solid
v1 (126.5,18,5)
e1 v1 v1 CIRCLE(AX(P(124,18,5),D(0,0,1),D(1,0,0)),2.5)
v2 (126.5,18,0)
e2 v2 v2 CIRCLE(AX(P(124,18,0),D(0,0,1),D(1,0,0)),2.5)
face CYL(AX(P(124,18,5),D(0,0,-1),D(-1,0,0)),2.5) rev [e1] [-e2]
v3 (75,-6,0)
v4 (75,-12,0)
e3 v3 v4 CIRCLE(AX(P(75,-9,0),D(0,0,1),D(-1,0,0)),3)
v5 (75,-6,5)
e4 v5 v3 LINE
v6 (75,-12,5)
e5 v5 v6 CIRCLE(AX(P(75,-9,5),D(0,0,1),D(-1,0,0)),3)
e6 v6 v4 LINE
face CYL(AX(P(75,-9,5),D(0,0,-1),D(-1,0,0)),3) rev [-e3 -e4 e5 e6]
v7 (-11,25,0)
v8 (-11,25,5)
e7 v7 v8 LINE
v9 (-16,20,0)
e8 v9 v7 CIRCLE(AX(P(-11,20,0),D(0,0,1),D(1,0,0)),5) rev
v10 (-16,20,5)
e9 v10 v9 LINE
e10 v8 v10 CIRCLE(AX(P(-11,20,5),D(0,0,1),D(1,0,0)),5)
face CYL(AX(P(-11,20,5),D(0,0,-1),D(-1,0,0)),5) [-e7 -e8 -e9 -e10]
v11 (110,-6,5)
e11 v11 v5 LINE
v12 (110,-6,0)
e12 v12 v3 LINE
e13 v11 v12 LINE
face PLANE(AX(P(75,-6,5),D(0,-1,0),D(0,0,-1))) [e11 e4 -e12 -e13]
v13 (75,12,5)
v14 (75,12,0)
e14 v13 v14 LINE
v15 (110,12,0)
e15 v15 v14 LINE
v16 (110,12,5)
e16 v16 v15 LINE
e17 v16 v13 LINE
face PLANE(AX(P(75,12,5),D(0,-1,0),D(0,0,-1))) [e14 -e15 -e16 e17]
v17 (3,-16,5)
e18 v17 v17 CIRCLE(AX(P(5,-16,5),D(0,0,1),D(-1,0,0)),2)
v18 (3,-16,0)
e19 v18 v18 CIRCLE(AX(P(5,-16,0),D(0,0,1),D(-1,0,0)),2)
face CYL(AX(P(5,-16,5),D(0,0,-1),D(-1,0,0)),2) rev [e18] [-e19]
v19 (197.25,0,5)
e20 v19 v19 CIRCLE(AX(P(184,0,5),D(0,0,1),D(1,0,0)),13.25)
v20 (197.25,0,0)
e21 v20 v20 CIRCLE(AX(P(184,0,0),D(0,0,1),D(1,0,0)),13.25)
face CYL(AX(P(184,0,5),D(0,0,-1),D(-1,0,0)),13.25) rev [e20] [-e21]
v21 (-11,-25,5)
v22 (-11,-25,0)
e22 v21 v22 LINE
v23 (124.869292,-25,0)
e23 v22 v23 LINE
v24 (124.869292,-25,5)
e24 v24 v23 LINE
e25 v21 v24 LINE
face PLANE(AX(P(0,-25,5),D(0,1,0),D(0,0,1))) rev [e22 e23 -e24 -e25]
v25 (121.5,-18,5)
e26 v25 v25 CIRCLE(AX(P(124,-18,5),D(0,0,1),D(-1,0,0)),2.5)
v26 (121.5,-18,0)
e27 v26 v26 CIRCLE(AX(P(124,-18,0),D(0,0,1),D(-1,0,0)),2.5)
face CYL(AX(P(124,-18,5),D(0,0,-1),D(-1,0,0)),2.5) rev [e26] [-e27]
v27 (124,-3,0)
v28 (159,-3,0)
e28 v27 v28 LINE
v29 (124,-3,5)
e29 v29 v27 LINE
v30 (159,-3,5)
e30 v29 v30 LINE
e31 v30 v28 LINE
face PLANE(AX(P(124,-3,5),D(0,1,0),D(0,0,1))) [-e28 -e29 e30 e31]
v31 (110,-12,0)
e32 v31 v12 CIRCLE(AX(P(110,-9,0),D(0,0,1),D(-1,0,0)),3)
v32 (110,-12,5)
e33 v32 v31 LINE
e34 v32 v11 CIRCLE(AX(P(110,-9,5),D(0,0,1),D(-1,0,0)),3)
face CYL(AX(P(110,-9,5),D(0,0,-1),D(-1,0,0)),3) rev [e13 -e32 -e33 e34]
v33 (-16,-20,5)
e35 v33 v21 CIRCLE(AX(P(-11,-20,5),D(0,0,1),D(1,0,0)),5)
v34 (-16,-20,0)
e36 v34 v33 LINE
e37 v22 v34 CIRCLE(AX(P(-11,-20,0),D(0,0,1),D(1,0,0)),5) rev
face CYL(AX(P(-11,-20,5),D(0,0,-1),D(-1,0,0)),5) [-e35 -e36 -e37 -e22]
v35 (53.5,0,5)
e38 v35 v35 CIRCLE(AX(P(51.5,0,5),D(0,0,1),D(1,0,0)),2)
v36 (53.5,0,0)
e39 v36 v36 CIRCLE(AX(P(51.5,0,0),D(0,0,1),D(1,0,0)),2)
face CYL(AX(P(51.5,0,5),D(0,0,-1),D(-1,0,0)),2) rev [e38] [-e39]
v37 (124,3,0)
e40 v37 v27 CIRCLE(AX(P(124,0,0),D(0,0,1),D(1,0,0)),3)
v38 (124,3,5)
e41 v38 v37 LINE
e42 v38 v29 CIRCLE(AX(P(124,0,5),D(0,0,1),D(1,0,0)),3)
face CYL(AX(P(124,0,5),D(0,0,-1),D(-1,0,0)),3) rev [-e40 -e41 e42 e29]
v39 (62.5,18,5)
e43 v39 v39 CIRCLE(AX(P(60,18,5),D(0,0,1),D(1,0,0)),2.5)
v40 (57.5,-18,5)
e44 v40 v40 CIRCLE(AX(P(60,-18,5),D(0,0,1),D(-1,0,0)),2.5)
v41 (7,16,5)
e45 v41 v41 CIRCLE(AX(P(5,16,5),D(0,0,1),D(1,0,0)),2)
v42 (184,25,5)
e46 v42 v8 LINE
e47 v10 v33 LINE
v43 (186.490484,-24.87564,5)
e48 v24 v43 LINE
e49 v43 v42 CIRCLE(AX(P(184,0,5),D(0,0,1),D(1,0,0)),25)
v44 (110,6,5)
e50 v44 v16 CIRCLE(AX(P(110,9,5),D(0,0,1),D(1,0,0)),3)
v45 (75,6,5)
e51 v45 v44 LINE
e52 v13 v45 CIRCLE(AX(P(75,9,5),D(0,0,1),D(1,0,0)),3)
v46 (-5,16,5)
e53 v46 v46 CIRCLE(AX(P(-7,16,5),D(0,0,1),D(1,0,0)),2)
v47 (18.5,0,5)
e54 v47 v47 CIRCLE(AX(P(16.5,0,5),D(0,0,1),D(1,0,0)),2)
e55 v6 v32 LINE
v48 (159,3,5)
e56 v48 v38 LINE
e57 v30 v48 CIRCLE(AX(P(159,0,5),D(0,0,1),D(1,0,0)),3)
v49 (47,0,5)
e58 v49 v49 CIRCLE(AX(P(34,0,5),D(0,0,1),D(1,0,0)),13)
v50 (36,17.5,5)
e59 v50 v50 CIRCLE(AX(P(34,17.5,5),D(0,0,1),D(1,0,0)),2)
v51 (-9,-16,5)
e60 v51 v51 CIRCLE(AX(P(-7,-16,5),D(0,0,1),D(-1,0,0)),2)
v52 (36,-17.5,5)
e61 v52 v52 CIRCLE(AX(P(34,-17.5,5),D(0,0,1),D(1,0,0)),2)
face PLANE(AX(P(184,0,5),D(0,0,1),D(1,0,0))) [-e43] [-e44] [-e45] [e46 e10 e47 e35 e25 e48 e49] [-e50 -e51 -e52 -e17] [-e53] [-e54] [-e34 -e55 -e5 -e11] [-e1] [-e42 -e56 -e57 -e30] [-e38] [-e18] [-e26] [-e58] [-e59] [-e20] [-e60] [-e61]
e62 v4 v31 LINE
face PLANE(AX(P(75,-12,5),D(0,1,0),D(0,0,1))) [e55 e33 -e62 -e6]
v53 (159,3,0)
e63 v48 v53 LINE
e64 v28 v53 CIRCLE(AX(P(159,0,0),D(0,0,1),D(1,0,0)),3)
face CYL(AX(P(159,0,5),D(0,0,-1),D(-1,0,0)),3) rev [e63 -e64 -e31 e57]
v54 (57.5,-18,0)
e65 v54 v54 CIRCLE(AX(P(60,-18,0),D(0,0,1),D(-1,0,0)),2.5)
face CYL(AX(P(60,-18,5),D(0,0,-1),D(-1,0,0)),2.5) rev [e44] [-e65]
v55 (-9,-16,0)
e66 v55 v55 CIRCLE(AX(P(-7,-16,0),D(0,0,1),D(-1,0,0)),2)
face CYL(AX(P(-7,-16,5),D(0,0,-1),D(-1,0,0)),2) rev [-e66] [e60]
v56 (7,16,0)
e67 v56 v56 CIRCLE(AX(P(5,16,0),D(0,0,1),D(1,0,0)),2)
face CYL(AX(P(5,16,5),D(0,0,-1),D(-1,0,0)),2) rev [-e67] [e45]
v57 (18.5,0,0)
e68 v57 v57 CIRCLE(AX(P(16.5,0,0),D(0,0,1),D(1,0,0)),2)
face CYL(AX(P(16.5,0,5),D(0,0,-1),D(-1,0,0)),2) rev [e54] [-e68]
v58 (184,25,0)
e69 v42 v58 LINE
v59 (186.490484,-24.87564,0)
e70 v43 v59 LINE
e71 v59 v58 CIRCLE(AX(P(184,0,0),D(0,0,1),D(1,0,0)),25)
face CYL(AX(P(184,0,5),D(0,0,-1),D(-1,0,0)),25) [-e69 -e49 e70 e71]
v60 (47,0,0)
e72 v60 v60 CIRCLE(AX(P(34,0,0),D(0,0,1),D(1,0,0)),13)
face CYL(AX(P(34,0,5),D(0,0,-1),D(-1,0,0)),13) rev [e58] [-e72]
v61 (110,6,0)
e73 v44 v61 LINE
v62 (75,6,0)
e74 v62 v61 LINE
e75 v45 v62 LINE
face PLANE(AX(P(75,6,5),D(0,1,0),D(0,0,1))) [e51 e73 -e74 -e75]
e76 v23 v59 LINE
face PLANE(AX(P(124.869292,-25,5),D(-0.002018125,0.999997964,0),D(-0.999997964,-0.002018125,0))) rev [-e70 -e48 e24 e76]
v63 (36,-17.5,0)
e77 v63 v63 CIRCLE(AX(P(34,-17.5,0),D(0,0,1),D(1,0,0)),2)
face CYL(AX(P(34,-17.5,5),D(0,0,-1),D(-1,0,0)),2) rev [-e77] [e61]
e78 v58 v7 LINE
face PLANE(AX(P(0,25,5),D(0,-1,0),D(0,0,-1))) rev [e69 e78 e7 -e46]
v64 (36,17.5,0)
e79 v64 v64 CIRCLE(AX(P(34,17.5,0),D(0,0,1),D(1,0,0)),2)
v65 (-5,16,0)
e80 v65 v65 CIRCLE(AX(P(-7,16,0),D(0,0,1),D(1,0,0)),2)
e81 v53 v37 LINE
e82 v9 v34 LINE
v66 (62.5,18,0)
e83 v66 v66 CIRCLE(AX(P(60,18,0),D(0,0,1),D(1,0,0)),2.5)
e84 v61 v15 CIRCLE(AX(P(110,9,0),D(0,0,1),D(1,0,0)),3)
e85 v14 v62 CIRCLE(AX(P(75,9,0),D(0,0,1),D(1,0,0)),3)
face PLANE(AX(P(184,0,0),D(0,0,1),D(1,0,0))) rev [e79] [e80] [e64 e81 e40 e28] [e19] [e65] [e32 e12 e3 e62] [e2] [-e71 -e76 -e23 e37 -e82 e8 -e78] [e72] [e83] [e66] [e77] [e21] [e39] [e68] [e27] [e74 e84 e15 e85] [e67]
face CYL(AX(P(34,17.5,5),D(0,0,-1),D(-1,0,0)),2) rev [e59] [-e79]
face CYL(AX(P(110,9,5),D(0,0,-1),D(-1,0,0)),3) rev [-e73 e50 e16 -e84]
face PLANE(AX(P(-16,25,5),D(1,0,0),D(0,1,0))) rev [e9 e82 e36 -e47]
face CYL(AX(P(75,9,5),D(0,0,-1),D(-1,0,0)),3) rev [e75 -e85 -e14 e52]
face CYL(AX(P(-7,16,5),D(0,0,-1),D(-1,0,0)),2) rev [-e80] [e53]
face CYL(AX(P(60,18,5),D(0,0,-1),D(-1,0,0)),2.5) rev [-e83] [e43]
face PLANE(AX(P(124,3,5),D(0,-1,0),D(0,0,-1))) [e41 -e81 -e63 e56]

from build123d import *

# Parameters (mm, degrees)
SKETCH_1_R      = 13.25
SKETCH_1_R_2    = 2
SKETCH_1_R_3    = 2.5
SKETCH_1_R_4    = 13
EXTRUDE_1_DEPTH = 5
FILLET_1_R      = 5


with BuildPart() as part:
    # 草图1 → 凸台-拉伸1 (new body)
    with BuildSketch(Plane.XY):
        with BuildLine():
            Line((0, 25), (124.869292101, 25))
            Line((124.869292101, 25), (184, 25))
            ThreePointArc((184, 25), (208.968890762, 1.246793543), (186.490484142, -24.875640469))
            Line((186.490484142, -24.875640469), (124.869292101, -25))
            Line((124.869292101, -25), (0, -25))
            Line((0, -25), (-16, -25))
            Line((-16, -25), (-16, 25))
            Line((-16, 25), (0, 25))
        make_face()
        with Locations((184, 0)):
            Circle(SKETCH_1_R, mode=Mode.SUBTRACT)
        with Locations((5, 16)):
            Circle(SKETCH_1_R_2, mode=Mode.SUBTRACT)
        with Locations(Location((5, -16, 0), (0, 0, 180))):
            Circle(SKETCH_1_R_2, mode=Mode.SUBTRACT)
        with Locations((60, 18)):
            Circle(SKETCH_1_R_3, mode=Mode.SUBTRACT)
        with Locations((124, 18)):
            Circle(SKETCH_1_R_3, mode=Mode.SUBTRACT)
        with Locations((34, 0)):
            Circle(SKETCH_1_R_4, mode=Mode.SUBTRACT)
        with Locations((34, 17.5)):
            Circle(SKETCH_1_R_2, mode=Mode.SUBTRACT)
        with Locations(Location((124, -18, 0), (0, 0, 180))):
            Circle(SKETCH_1_R_3, mode=Mode.SUBTRACT)
        with Locations(Location((60, -18, 0), (0, 0, 180))):
            Circle(SKETCH_1_R_3, mode=Mode.SUBTRACT)
        with Locations((51.5, 0)):
            Circle(SKETCH_1_R_2, mode=Mode.SUBTRACT)
        with Locations((34, -17.5)):
            Circle(SKETCH_1_R_2, mode=Mode.SUBTRACT)
        with Locations((16.5, 0)):
            Circle(SKETCH_1_R_2, mode=Mode.SUBTRACT)
        with Locations((-7, 16)):
            Circle(SKETCH_1_R_2, mode=Mode.SUBTRACT)
        with Locations(Location((-7, -16, 0), (0, 0, 180))):
            Circle(SKETCH_1_R_2, mode=Mode.SUBTRACT)
        with BuildLine():
            Line((75, -12), (110, -12))
            ThreePointArc((110, -12), (113, -9), (110, -6))
            Line((110, -6), (75, -6))
            ThreePointArc((75, -6), (72, -9), (75, -12))
        make_face(mode=Mode.SUBTRACT)
        with BuildLine():
            Line((124, 3), (159, 3))
            ThreePointArc((159, 3), (162, 0), (159, -3))
            Line((159, -3), (124, -3))
            ThreePointArc((124, -3), (121, 0), (124, 3))
        make_face(mode=Mode.SUBTRACT)
        with BuildLine():
            Line((75, 12), (110, 12))
            ThreePointArc((110, 12), (113, 9), (110, 6))
            Line((110, 6), (75, 6))
            ThreePointArc((75, 6), (72, 9), (75, 12))
        make_face(mode=Mode.SUBTRACT)
    extrude(amount=EXTRUDE_1_DEPTH)

    # 圆角1
    fillet_1_edges = [part.edges().sort_by_distance(p)[0] for p in [
        (-16, -25, 2.5),
        (-16, 25, 2.5),
    ]]
    fillet(fillet_1_edges, radius=FILLET_1_R)


solid = part.part
